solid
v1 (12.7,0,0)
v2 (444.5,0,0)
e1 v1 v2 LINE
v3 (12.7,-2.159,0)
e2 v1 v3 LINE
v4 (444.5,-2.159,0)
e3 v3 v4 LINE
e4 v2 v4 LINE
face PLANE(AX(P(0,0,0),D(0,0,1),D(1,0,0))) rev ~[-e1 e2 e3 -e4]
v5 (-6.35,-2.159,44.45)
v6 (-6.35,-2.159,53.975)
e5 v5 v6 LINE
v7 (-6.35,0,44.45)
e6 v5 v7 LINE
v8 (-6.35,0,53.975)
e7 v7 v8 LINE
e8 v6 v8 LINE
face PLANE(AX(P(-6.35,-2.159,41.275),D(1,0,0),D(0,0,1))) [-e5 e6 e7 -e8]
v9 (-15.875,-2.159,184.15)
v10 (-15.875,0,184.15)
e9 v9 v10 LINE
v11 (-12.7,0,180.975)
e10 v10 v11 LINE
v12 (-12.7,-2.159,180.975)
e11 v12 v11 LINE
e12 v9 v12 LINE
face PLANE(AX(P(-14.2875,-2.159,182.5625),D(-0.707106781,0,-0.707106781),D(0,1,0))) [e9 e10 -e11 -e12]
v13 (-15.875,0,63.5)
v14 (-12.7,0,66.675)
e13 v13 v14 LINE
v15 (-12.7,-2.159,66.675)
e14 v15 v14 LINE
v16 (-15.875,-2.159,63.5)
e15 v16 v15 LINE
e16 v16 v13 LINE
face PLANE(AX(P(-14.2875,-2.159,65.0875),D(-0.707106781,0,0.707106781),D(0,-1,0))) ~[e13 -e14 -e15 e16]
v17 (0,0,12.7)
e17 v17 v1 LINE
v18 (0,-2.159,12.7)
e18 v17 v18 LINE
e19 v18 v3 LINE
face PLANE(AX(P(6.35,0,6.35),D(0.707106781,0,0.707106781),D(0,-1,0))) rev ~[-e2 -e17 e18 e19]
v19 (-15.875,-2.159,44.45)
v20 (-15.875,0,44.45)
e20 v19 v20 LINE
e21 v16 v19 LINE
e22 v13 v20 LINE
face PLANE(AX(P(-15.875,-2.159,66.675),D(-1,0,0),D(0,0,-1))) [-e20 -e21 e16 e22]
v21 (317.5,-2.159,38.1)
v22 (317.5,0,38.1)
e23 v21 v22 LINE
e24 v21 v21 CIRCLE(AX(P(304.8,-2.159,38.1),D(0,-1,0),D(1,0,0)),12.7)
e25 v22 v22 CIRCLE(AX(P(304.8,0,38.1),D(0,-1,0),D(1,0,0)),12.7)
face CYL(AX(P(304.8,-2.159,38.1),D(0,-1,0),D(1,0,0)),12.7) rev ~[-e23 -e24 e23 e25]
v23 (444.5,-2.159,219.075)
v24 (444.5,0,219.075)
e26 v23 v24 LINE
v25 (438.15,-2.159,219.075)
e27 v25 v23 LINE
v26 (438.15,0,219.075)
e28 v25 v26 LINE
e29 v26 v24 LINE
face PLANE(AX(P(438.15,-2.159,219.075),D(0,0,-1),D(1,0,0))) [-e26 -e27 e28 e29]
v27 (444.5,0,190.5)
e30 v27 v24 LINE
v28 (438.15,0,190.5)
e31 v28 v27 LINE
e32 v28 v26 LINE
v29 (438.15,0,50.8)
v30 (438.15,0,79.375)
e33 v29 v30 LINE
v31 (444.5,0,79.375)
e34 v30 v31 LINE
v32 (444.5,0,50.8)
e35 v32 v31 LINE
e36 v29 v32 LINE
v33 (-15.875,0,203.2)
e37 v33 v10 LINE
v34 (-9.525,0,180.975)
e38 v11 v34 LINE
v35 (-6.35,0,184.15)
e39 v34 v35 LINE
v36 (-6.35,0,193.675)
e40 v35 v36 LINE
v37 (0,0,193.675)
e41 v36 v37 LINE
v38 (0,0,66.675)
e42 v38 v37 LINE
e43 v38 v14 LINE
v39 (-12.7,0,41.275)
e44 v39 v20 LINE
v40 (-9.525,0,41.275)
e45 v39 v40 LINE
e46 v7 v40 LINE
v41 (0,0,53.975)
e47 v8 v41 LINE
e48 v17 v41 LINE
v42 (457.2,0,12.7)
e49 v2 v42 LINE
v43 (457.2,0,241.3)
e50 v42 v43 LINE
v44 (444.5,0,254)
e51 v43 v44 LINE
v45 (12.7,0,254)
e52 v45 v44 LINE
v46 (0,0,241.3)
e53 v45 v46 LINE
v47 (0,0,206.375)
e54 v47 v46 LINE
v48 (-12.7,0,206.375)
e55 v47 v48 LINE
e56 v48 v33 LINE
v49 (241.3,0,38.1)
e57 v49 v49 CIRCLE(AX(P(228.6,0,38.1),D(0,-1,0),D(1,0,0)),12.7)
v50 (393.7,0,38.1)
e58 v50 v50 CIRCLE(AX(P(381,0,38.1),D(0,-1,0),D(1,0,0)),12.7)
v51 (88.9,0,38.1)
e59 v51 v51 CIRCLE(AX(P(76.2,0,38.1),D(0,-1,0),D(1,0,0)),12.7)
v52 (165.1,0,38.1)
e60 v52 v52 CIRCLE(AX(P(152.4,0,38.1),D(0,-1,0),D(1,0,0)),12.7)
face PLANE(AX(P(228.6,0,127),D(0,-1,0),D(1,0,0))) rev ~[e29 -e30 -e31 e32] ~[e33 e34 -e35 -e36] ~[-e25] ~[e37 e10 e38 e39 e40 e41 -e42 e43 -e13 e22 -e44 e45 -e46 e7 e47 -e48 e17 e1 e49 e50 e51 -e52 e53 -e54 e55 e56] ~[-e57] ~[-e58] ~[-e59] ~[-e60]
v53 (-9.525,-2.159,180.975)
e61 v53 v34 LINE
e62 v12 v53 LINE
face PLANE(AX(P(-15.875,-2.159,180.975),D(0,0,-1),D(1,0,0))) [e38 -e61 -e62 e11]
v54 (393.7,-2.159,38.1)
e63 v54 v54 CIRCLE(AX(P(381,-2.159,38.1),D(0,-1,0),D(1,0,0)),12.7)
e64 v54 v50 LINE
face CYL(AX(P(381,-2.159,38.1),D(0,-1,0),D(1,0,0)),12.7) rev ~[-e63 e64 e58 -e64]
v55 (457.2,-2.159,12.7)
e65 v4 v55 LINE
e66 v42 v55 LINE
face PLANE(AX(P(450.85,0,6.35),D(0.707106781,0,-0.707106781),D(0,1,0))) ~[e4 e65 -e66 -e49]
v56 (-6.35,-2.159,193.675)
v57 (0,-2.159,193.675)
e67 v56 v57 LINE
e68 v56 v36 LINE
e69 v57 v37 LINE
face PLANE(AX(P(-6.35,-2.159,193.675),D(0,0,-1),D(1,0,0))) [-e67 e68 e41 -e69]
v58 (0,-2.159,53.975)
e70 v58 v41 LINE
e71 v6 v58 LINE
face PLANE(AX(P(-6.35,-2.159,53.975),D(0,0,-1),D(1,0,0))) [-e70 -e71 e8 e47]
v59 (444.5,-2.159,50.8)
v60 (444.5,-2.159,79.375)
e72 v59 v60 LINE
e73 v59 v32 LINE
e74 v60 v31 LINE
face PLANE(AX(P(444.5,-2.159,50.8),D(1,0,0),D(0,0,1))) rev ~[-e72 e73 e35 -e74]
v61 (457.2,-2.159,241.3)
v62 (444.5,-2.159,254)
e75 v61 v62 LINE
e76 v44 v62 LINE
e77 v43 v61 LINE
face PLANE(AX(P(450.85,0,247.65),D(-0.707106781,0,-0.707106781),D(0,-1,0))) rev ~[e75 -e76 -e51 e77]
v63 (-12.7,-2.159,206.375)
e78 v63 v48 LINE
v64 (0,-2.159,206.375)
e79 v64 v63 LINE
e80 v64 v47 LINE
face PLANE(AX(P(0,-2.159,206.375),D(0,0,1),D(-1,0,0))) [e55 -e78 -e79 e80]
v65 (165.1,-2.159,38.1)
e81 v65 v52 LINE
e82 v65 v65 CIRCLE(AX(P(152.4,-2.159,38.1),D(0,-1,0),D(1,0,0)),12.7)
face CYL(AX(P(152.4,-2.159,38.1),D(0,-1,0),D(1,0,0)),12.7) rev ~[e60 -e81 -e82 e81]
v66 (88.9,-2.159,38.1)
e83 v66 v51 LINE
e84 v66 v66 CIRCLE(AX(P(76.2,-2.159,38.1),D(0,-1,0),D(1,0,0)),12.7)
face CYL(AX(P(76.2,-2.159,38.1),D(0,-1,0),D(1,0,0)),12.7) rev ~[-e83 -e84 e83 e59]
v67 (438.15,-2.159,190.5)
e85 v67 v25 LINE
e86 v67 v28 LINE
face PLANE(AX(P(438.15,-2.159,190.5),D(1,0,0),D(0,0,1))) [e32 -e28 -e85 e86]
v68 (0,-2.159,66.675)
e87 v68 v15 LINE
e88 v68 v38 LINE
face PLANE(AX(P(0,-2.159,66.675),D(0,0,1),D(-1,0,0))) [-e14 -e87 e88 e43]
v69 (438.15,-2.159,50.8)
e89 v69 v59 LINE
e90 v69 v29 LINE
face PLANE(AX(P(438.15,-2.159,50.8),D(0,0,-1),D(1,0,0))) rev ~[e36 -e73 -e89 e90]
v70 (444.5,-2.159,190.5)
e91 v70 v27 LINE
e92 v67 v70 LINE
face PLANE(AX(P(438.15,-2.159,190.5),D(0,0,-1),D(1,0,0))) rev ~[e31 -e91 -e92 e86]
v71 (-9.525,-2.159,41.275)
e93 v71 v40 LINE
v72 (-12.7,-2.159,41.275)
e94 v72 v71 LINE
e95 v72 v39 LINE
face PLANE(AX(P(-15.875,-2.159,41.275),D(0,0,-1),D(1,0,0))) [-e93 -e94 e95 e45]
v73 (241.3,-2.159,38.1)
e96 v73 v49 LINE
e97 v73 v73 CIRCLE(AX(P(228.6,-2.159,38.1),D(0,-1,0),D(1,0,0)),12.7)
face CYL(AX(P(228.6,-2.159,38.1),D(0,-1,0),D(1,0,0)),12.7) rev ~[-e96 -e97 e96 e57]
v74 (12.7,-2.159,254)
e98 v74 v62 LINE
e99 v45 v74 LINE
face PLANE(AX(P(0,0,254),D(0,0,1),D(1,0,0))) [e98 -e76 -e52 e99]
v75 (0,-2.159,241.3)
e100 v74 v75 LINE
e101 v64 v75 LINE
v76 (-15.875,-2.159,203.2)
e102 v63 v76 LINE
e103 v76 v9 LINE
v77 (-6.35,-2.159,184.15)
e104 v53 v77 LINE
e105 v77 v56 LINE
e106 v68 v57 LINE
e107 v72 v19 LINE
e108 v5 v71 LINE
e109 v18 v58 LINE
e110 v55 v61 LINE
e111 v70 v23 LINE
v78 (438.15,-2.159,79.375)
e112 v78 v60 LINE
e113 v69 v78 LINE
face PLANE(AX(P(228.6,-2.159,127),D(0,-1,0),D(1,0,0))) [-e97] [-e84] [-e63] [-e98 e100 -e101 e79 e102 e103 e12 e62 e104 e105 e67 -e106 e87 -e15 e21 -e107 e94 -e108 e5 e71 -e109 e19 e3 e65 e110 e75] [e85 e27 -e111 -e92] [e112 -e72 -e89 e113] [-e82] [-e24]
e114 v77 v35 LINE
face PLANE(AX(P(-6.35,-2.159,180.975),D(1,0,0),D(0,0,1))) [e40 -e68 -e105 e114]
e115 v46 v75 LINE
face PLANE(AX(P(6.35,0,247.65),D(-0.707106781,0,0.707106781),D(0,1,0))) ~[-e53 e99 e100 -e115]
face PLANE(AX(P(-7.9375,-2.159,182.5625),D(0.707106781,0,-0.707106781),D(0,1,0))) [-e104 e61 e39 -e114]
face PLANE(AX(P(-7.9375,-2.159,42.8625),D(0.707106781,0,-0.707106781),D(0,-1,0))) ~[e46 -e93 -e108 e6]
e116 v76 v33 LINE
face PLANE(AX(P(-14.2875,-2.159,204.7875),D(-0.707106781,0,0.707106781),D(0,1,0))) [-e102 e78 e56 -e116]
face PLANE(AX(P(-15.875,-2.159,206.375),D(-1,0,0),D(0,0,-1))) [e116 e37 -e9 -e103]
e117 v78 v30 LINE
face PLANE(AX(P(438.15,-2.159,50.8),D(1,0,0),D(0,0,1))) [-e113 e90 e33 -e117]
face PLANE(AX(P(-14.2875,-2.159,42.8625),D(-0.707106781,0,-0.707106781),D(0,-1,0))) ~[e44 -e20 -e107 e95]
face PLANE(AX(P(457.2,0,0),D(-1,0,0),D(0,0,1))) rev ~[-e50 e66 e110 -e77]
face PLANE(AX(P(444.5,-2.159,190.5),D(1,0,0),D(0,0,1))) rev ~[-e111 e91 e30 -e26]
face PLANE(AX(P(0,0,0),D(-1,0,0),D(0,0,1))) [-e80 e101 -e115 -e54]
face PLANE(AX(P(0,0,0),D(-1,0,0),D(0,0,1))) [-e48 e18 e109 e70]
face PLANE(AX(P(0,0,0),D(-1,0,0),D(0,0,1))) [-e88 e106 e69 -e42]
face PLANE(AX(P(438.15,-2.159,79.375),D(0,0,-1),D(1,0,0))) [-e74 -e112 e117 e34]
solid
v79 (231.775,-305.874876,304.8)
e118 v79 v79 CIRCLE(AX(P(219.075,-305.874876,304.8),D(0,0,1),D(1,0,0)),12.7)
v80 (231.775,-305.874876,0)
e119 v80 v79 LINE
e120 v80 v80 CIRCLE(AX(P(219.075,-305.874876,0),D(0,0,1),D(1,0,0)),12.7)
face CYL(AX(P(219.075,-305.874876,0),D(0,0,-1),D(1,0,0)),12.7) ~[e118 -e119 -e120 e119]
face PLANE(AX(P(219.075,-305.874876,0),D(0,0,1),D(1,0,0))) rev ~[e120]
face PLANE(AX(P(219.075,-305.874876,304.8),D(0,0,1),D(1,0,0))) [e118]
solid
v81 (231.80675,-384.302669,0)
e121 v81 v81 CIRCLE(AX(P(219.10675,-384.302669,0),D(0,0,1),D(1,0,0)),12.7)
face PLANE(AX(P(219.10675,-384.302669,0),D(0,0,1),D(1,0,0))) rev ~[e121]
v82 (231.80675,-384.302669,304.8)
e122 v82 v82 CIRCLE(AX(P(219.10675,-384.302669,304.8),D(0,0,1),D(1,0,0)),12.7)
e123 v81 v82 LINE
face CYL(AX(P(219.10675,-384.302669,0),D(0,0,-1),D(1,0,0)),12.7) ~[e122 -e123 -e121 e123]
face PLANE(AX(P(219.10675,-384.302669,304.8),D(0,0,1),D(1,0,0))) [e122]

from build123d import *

# Parameters (mm, degrees)
F0_W      = 457.2
F0_H      = 254
F1_DEPTH  = 2.159
F3_DEPTH  = 2.159
F4_W      = 6.35
F4_H      = 28.575
F5_DEPTH  = 2.16
F6_R      = 12.7
F7_DEPTH  = 304.8
F8_R      = 12.7
F9_DEPTH  = 304.8
F10_SIZE  = 3.175
F11_SIZE  = 12.7
F12_R     = 12.7
F13_DEPTH = 2.16


with BuildPart() as f1:
    # F0 (on Front) → F1 (new body)
    with BuildSketch(Plane.XZ):
        with Locations((228.6, 127)):
            Rectangle(F0_W, F0_H)
    extrude(amount=F1_DEPTH)

    # F2 (on face) → F3 (join)
    with BuildSketch(Plane.XZ.offset(2.159)):
        Polygon((-6.35, 193.675), (0, 193.675), (0, 206.375), (-15.875, 206.375), (-15.875, 180.975), (-6.35, 180.975), align=None)
        Polygon((0, 53.975), (0, 66.675), (-15.875, 66.675), (-15.875, 41.275), (-6.35, 41.275), (-6.35, 53.975), align=None)
    extrude(amount=-F3_DEPTH)

    # F4 (on face) → F5 (cut, through all)
    with BuildSketch(Plane.XZ.offset(2.159)):
        with Locations((441.325, 204.7875)):
            Rectangle(F4_W, F4_H)
        with Locations((441.325, 65.0875)):
            Rectangle(F4_W, F4_H)
    extrude(amount=-F5_DEPTH, mode=Mode.SUBTRACT)

    # F10
    f10_edges = [f1.edges().sort_by_distance(p)[0] for p in [
        (-15.875, -1.0795, 206.375),
        (-15.875, -1.0795, 66.675),
        (-15.875, -1.0795, 41.275),
        (-6.35, -1.0795, 41.275),
        (-15.875, -1.0795, 180.975),
        (-6.35, -1.0795, 180.975),
    ]]
    chamfer(f10_edges, length=F10_SIZE)

    # F11
    f11_edges = [f1.edges().sort_by_distance(p)[0] for p in [
        (0, -1.0795, 254),
        (0, -1.0795, 0),
        (457.2, -1.0795, 0),
        (457.2, -1.0795, 254),
    ]]
    chamfer(f11_edges, length=F11_SIZE)

    # F12 (on face) → F13 (cut, through all)
    with BuildSketch(Plane.XZ.offset(2.159)):
        with Locations((76.2, 38.1)):
            Circle(F12_R)
        with Locations((152.4, 38.1)):
            Circle(F12_R)
        with Locations((228.6, 38.1)):
            Circle(F12_R)
        with Locations((304.8, 38.1)):
            Circle(F12_R)
        with Locations((381, 38.1)):
            Circle(F12_R)
    extrude(amount=-F13_DEPTH, mode=Mode.SUBTRACT)


with BuildPart() as f7:
    # F6 (on Top) → F7 (new body)
    with BuildSketch(Plane.XY):
        with Locations((219.10675, -384.302669)):
            Circle(F6_R)
    extrude(amount=F7_DEPTH)


with BuildPart() as f9:
    # F8 (on Top) → F9 (new body)
    with BuildSketch(Plane.XY):
        with Locations((219.075, -305.874876)):
            Circle(F8_R)
    extrude(amount=F9_DEPTH)


solid = Compound([f1.part, f7.part, f9.part])
